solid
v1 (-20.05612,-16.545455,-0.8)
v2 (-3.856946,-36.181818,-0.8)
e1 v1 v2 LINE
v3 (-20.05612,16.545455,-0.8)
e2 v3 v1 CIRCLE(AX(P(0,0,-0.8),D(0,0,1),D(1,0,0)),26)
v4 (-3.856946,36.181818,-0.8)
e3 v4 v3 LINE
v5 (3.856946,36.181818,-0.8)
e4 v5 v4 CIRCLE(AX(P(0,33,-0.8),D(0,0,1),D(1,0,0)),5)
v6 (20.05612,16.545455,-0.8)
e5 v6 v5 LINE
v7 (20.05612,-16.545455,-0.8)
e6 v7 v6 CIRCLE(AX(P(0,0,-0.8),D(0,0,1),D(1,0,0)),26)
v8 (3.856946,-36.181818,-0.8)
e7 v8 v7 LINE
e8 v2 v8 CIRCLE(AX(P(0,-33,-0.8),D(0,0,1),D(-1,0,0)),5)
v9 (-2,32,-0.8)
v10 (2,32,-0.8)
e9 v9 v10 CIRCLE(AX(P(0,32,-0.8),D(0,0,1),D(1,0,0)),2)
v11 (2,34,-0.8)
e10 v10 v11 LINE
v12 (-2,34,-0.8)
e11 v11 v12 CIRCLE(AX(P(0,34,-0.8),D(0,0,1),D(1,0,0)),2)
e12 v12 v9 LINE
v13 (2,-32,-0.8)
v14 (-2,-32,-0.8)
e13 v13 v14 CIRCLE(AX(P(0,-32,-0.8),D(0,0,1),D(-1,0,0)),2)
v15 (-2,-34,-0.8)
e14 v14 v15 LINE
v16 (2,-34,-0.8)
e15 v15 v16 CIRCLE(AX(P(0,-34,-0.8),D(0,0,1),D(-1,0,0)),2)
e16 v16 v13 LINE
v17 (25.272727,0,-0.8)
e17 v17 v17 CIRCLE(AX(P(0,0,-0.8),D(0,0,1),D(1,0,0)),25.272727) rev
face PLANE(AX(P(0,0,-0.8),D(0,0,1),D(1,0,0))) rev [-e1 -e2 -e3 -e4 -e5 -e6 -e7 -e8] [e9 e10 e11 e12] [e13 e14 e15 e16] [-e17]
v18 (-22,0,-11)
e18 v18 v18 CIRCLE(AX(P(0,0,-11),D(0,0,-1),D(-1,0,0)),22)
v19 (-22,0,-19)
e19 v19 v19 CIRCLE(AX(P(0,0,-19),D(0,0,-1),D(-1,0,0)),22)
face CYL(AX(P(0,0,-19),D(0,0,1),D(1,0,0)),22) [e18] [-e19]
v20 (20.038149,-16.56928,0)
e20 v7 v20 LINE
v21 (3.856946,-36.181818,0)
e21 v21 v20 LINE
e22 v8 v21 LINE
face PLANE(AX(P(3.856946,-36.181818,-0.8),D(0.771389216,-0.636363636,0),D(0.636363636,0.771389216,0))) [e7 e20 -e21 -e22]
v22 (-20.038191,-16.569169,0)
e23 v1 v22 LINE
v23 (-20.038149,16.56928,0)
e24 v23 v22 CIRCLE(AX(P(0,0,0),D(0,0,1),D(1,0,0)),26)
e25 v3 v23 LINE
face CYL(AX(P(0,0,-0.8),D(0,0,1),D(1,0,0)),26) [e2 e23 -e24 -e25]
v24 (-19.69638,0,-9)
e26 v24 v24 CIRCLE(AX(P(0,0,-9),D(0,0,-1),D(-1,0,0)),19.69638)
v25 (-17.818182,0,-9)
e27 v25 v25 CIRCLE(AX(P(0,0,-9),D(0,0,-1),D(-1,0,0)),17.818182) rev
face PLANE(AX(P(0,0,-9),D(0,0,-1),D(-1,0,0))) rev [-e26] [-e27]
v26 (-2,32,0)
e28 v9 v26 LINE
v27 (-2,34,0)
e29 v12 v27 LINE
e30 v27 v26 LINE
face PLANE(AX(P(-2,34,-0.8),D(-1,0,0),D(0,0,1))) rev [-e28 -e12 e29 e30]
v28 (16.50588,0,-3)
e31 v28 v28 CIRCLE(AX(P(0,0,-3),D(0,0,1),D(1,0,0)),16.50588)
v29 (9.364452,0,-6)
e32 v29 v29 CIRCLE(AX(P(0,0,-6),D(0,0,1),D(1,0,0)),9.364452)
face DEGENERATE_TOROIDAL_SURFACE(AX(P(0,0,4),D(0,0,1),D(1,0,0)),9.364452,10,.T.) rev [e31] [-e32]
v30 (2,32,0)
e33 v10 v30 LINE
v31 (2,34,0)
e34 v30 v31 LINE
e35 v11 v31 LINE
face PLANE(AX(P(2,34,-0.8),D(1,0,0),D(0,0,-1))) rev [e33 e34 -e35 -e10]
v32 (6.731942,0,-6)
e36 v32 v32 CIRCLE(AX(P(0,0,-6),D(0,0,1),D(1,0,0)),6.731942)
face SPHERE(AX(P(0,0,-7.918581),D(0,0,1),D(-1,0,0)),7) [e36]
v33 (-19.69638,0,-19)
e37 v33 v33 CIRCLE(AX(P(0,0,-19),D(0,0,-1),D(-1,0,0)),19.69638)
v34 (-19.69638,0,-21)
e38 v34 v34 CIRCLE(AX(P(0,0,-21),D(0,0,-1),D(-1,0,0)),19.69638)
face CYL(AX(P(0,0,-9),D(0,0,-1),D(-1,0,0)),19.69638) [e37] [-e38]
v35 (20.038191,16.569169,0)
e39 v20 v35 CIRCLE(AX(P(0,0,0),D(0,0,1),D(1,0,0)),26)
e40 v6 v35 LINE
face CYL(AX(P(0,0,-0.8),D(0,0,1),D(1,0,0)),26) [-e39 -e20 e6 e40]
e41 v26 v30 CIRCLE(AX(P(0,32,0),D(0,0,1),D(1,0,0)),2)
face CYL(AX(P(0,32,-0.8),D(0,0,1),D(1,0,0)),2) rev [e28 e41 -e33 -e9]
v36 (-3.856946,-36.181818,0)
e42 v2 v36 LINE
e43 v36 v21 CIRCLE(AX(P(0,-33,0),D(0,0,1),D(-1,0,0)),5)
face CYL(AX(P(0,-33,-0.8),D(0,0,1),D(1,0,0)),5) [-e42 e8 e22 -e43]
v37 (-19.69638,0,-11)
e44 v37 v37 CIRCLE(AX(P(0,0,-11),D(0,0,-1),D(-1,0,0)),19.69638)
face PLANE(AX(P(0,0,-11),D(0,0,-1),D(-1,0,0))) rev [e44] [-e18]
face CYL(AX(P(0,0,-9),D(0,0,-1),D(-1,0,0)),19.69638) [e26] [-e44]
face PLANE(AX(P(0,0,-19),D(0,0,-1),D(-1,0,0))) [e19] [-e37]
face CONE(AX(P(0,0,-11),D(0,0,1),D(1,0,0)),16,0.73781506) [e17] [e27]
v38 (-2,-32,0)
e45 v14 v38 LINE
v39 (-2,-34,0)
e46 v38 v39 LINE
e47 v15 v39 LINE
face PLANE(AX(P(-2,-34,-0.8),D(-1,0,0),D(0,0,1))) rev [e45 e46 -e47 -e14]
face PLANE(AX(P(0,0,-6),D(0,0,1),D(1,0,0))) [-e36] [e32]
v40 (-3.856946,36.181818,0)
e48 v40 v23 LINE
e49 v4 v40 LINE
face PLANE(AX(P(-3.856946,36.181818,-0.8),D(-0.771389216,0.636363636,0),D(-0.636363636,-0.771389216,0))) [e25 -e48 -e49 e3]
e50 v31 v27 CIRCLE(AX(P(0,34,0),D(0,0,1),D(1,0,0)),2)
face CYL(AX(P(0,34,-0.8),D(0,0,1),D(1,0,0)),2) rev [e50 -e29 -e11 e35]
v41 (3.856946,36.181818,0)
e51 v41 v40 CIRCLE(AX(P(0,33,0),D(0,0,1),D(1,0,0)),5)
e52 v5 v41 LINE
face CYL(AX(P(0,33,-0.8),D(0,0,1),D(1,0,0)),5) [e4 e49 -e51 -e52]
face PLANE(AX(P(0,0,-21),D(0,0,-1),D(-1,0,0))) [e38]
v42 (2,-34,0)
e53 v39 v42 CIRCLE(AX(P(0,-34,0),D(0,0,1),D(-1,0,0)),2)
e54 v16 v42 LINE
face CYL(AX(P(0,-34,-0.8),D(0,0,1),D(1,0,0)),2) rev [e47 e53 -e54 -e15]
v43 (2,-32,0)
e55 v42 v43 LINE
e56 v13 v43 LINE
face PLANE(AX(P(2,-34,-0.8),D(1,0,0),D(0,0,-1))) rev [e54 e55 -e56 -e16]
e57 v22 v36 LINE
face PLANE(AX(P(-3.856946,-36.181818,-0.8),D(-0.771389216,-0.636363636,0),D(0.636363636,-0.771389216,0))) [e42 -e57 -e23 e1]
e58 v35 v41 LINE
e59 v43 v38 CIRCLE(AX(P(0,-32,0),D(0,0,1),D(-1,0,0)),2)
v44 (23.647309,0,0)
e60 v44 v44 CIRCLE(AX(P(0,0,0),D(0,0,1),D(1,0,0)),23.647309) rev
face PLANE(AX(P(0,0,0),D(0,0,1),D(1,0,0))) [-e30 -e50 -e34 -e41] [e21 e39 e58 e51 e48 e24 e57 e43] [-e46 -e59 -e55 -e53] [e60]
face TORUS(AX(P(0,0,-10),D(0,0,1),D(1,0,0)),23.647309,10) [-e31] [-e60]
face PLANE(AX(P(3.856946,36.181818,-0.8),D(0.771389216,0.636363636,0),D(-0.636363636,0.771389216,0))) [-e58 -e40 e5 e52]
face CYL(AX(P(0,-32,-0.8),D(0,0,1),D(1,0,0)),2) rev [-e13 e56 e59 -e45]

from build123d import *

# Parameters (mm, degrees)
SKETCH_1_R      = 26
SKETCH_2_R      = 16
SHELL_1_T       = -5
FILLET_1_R      = 10
SKETCH_4_R      = 22
EXTRUDE_1_DEPTH = 8
SKETCH_5_R      = 19.696379945
EXTRUDE_2_DEPTH = 12
FILLET_2_R      = 10
SKETCH_6_R      = 23.647308565
EXTRUDE_3_DEPTH = 0.8


with BuildPart() as part:
    # 草图1 → 放样1 section 0
    with BuildSketch(Plane.XY):
        Circle(SKETCH_1_R)
    # 草图2 → 放样1 section 1
    with BuildSketch(Plane.XY.offset(-11)):
        Circle(SKETCH_2_R)
    loft()

    # 抽壳1
    shell_1_openings = [part.faces().sort_by_distance(p)[0] for p in [
        (0, 0, 0),
    ]]
    offset(amount=SHELL_1_T, openings=shell_1_openings, kind=Kind.INTERSECTION)

    # 圆角1
    fillet_1_edges = [part.edges().sort_by_distance(p)[0] for p in [
        (-13.788150569, 0, -6),
    ]]
    fillet(fillet_1_edges, radius=FILLET_1_R)

    # 草图3 → 旋转1 (revolve)
    with BuildSketch(Plane(origin=(0, 0, 0), x_dir=(1, 0, 0), z_dir=(0, 1, 0)), mode=Mode.PRIVATE) as revolve_1_sk:
        with BuildLine():
            Line((0, 6), (6.731942195, 6))
            ThreePointArc((6.731942195, 6), (4.217222472, 2.331539651), (0, 0.91858132))
            Line((0, 0.91858132), (0, 6))
        make_face()
    revolve(revolve_1_sk.sketch.rotate(Axis((0, 0, 7.141645332), (0, 0, -1)), 180), axis=Axis((0, 0, 7.141645332), (0, 0, -1)))

    # 草图4 → 拉伸1 (add)
    with BuildSketch(Plane(origin=(0, 0, -11), x_dir=(-1, 0, 0), z_dir=(0, 0, -1))):
        Circle(SKETCH_4_R)
    extrude(amount=EXTRUDE_1_DEPTH)

    # 草图5 → 拉伸2 (add)
    with BuildSketch(Plane(origin=(0, 0, -21), x_dir=(-1, 0, 0), z_dir=(0, 0, -1))):
        Circle(SKETCH_5_R)
    extrude(amount=-EXTRUDE_2_DEPTH)

    # 圆角2
    fillet_2_edges = [part.edges().sort_by_distance(p)[0] for p in [
        (-19.242696024, 0, 0),
    ]]
    fillet(fillet_2_edges, radius=FILLET_2_R)

    # 草图6 → 拉伸3 (add)
    with BuildSketch(Plane.XY):
        with BuildLine():
            Line((-3.856946079, 36.181818182), (-20.056119612, 16.545454545))
            ThreePointArc((-20.056119612, 16.545454545), (-26, 0), (-20.056119612, -16.545454545))
            Line((-20.056119612, -16.545454545), (-3.856946079, -36.181818182))
            ThreePointArc((-3.856946079, -36.181818182), (0, -38), (3.856946079, -36.181818182))
            Line((3.856946079, -36.181818182), (20.056119612, -16.545454545))
            ThreePointArc((20.056119612, -16.545454545), (26, 0), (20.056119612, 16.545454545))
            Line((20.056119612, 16.545454545), (3.856946079, 36.181818182))
            ThreePointArc((3.856946079, 36.181818182), (0, 38), (-3.856946079, 36.181818182))
        make_face()
        Circle(SKETCH_6_R, mode=Mode.SUBTRACT)
        with BuildLine():
            Line((-2, 34), (-2, 32))
            ThreePointArc((-2, 32), (0, 30), (2, 32))
            Line((2, 32), (2, 34))
            ThreePointArc((2, 34), (0, 36), (-2, 34))
        make_face(mode=Mode.SUBTRACT)
        with BuildLine():
            Line((2, -34), (2, -32))
            ThreePointArc((2, -32), (0, -30), (-2, -32))
            Line((-2, -32), (-2, -34))
            ThreePointArc((-2, -34), (0, -36), (2, -34))
        make_face(mode=Mode.SUBTRACT)
    extrude(amount=-EXTRUDE_3_DEPTH)


solid = part.part
